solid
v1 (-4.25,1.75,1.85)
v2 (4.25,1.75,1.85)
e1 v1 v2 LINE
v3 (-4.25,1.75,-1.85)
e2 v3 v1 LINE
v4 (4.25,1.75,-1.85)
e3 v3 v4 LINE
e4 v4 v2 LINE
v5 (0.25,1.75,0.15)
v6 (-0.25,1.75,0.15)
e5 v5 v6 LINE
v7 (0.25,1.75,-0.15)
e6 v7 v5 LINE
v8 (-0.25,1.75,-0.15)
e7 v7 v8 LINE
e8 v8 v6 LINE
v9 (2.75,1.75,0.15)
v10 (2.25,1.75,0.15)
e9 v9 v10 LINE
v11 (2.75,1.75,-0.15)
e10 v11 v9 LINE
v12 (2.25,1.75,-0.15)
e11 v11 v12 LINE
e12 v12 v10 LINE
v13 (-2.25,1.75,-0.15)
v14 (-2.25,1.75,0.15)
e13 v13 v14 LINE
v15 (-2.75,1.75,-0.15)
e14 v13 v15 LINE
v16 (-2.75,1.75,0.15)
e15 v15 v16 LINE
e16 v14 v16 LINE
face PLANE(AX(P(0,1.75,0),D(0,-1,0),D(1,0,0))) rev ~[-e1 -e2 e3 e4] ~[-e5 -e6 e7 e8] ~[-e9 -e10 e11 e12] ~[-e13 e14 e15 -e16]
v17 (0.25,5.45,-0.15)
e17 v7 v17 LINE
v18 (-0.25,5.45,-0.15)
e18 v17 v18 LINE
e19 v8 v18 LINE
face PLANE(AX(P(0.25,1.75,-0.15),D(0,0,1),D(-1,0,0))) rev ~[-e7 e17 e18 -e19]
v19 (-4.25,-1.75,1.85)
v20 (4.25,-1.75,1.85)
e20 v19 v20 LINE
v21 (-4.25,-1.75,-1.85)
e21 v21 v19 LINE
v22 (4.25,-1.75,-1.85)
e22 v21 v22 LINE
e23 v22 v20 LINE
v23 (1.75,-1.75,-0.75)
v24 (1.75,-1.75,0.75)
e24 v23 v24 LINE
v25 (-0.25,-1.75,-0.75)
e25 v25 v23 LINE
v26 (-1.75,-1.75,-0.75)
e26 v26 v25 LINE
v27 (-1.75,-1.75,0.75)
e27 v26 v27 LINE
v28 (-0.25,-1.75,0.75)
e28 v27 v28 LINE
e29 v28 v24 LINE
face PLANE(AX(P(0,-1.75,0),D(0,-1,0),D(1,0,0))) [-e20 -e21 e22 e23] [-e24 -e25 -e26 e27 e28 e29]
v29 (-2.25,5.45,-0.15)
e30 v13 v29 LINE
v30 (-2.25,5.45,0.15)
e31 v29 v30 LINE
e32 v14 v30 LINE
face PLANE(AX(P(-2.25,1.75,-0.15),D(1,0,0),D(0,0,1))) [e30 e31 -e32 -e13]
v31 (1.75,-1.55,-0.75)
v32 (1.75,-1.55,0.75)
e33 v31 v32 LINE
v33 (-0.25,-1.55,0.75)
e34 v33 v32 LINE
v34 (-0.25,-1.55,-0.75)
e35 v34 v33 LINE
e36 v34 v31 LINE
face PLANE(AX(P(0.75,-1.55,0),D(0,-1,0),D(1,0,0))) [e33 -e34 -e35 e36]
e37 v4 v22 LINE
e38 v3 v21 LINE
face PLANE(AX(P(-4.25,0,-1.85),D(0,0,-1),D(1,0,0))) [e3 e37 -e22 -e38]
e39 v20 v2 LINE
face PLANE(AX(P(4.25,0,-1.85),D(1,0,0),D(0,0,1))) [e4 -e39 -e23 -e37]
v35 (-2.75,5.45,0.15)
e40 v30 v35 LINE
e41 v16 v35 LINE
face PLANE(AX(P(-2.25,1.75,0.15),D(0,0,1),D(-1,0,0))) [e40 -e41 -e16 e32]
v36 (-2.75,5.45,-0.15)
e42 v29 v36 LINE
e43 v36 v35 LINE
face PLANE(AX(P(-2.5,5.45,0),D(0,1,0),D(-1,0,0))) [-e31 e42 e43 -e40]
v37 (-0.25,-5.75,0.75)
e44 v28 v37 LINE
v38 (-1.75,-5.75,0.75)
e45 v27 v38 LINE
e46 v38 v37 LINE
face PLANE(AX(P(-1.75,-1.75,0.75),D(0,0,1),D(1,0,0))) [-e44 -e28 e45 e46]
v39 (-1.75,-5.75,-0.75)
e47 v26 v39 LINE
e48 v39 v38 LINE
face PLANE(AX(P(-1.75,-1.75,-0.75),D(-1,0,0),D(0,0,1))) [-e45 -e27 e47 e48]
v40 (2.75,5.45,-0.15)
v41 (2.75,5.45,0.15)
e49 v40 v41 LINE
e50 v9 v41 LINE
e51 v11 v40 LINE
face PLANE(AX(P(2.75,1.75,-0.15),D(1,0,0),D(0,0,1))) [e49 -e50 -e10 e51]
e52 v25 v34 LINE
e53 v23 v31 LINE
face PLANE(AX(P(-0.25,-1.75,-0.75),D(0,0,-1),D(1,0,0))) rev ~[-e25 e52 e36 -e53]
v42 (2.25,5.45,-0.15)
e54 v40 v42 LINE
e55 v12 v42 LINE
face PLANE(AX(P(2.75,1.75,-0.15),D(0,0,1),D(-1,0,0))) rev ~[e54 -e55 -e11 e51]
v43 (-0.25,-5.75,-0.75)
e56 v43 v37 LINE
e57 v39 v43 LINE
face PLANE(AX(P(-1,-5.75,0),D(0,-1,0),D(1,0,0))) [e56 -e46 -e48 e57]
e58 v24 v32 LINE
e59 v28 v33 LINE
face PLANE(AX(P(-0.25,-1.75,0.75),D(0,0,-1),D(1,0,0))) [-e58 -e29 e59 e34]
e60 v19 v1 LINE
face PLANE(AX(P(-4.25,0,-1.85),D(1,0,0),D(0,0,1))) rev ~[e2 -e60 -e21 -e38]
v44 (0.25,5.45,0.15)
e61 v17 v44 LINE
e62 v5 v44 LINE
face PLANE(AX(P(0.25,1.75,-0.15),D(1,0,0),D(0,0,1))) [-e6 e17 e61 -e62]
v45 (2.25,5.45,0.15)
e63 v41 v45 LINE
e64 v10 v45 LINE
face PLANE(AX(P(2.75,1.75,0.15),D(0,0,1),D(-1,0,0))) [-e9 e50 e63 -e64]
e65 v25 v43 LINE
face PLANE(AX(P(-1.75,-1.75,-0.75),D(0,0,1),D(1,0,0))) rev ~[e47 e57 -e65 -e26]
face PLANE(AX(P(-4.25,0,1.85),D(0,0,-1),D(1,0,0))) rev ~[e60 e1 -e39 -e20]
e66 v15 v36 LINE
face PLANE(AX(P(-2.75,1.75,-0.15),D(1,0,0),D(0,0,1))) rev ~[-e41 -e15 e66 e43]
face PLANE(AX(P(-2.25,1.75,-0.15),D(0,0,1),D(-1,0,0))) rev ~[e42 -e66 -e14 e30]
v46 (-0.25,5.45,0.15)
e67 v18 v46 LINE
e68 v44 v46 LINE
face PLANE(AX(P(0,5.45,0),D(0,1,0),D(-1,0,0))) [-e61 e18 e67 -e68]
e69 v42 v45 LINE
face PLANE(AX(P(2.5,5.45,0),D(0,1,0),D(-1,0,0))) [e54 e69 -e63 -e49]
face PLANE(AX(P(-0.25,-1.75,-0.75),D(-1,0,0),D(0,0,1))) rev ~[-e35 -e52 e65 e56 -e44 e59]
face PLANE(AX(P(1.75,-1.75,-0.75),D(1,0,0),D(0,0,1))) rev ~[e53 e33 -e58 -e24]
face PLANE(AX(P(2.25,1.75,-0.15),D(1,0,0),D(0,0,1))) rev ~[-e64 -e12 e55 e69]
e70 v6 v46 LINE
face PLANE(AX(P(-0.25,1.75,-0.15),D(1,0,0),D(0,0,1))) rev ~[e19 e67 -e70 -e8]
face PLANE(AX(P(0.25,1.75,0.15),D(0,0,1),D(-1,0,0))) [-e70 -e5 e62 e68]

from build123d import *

# Parameters (mm, degrees)
F0_W     = 8.5
F0_H     = 3.7
F1_DEPTH = 1.75
F2_W     = 0.5
F2_H     = 0.3
F3_DEPTH = 3.7
F4_W     = 2
F4_H     = 1.5
F5_DEPTH = 0.2
F4_W_2   = 1.5
F6_DEPTH = 4


with BuildPart() as f1:
    # F0 (on Front) → F1 (new body, symmetric)
    with BuildSketch(Plane.XZ):
        Rectangle(F0_W, F0_H)
    extrude(amount=F1_DEPTH, both=True)

    # F2 (on face) → F3 (join)
    with BuildSketch(Plane(origin=(0, 1.75, 0), x_dir=(-1, 0, 0), z_dir=(0, 1, 0))):
        Rectangle(F2_W, F2_H)
        with Locations((2.5, 0)):
            Rectangle(F2_W, F2_H)
        with Locations((-2.5, 0)):
            Rectangle(F2_W, F2_H)
    extrude(amount=F3_DEPTH)

    # F4 (on face) → F5 (cut)
    with BuildSketch(Plane.XZ.offset(1.75)):
        with Locations((0.75, 0)):
            Rectangle(F4_W, F4_H)
    extrude(amount=-F5_DEPTH, mode=Mode.SUBTRACT)

    # F4 (on face) → F6 (join)
    with BuildSketch(Plane.XZ.offset(1.75)):
        with Locations((-1, 0)):
            Rectangle(F4_W_2, F4_H)
    extrude(amount=F6_DEPTH)


solid = f1.part
